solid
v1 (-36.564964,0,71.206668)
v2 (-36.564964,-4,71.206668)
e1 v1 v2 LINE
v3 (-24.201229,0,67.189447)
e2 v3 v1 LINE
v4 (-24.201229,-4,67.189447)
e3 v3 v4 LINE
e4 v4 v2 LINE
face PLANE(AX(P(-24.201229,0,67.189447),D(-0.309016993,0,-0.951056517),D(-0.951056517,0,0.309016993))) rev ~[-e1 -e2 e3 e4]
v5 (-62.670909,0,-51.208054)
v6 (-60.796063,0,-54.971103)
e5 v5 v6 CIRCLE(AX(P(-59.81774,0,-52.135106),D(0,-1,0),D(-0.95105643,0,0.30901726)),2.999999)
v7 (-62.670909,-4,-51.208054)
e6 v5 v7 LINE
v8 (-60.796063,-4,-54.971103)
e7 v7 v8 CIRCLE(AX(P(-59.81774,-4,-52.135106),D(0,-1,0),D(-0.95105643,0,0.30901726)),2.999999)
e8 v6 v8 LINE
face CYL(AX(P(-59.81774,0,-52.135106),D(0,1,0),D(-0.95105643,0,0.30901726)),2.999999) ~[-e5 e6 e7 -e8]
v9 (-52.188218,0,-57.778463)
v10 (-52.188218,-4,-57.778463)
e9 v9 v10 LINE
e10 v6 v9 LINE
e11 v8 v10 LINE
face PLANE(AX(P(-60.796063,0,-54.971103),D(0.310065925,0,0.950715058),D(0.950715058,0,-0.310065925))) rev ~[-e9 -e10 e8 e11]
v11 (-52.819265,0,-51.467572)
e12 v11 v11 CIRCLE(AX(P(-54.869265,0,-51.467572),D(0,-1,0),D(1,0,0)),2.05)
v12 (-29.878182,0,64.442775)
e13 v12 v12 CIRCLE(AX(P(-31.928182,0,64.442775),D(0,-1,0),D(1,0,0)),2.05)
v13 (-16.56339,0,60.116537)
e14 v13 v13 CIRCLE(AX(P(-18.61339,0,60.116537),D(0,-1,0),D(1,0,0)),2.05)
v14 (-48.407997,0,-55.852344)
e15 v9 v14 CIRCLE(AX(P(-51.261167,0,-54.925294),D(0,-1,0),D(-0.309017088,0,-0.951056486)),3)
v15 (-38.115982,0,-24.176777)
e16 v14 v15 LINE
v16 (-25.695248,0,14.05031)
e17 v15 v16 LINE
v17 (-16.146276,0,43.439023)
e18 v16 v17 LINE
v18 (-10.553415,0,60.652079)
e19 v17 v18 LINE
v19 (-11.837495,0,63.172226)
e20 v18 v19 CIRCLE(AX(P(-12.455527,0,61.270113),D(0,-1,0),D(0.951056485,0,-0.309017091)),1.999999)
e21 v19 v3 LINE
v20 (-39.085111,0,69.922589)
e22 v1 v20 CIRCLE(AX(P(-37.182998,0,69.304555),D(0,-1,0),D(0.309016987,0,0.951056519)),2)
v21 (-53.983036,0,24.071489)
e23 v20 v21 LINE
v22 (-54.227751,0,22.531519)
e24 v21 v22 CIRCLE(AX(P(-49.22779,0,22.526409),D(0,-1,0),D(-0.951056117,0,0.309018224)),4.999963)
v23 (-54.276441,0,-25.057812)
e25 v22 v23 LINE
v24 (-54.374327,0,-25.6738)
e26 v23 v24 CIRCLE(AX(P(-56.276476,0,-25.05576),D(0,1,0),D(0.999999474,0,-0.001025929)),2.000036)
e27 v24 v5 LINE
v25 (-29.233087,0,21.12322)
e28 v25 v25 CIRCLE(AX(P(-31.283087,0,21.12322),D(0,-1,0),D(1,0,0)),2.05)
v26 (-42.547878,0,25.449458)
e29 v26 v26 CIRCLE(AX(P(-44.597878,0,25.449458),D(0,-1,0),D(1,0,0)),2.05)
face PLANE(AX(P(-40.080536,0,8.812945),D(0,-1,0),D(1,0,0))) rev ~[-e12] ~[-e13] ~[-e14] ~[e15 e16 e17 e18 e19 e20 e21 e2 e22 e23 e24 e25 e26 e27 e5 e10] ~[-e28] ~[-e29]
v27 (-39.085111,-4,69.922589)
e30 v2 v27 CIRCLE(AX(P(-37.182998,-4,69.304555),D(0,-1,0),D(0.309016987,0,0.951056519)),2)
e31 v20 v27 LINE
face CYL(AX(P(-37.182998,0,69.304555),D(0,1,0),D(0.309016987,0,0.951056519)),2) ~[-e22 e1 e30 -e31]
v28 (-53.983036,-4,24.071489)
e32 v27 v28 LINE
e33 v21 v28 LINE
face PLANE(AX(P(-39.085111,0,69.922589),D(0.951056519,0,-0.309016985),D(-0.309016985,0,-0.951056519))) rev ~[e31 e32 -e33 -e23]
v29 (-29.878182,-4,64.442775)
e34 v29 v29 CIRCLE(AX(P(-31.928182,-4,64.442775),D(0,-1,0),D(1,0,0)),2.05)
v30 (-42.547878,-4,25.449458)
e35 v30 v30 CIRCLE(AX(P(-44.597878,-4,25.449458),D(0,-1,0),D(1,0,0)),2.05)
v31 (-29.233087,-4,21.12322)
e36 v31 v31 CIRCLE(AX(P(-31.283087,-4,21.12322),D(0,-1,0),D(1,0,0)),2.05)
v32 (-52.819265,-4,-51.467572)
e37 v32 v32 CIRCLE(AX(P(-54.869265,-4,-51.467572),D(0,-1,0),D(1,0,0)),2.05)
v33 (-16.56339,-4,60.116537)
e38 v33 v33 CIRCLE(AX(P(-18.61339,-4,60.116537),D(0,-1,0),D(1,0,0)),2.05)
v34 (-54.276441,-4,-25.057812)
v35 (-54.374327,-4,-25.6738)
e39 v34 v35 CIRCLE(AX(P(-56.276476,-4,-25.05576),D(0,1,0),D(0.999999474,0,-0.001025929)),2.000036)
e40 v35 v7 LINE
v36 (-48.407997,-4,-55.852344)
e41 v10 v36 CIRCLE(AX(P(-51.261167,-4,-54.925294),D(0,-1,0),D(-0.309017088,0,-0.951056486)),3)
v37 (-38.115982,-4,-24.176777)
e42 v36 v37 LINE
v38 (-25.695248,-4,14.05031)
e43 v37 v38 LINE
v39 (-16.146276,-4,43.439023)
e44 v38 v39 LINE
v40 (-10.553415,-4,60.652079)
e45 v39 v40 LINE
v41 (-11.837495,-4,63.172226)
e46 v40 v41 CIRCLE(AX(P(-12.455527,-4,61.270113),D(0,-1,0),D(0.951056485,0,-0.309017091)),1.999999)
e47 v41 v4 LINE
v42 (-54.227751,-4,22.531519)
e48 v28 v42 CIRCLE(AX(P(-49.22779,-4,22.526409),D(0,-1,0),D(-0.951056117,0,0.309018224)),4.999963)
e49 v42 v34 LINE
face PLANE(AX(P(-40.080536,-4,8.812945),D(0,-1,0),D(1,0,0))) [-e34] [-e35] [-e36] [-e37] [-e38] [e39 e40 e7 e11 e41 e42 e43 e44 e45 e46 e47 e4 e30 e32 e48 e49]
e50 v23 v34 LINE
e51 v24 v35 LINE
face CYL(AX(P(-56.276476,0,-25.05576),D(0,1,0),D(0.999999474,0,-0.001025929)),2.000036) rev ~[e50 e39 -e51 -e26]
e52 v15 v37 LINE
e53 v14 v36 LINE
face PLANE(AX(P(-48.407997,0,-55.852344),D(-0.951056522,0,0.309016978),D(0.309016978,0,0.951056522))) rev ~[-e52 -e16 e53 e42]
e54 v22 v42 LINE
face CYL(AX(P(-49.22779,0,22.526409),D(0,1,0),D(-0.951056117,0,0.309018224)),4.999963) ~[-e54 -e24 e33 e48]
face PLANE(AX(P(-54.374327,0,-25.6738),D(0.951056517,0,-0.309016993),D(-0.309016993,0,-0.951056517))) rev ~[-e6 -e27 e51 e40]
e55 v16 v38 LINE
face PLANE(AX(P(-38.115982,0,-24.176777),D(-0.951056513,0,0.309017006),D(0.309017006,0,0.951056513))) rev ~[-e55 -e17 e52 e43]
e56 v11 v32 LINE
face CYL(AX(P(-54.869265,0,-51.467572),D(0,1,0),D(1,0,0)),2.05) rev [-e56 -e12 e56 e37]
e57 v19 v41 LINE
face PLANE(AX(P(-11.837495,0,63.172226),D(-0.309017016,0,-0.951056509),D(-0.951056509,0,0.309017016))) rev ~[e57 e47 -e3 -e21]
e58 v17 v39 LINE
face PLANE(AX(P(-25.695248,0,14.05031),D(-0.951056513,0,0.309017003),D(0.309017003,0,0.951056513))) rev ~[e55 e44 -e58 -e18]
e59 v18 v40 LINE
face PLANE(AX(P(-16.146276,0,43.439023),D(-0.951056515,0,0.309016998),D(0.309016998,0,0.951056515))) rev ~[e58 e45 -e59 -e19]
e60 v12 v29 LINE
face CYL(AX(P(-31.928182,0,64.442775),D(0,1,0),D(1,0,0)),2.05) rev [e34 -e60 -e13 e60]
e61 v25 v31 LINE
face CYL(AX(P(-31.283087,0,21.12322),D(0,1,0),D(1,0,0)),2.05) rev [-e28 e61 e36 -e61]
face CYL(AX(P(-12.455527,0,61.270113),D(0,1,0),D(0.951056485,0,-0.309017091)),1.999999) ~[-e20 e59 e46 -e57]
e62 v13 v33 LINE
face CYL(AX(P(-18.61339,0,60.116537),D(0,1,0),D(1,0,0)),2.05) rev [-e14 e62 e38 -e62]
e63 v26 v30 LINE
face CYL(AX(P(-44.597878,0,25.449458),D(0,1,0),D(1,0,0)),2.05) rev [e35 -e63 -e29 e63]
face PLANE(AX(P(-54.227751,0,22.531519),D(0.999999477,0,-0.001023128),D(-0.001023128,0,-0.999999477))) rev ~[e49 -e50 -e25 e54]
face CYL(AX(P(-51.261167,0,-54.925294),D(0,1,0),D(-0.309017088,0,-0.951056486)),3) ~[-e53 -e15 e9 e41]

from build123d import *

# Parameters (mm, degrees)
F0_R     = 2.05
F1_DEPTH = 4


with BuildPart() as f1:
    # F0 (on Front) → F1 (new body)
    with BuildSketch(Plane.XZ):
        with BuildLine():
            Line((-48.407997, -55.852344), (-38.115982, -24.176777))
            Line((-38.115982, -24.176777), (-25.695248, 14.05031))
            Line((-25.695248, 14.05031), (-16.146276, 43.439023))
            Line((-16.146276, 43.439023), (-10.553415, 60.652079))
            ThreePointArc((-10.553415, 60.652079), (-10.673515, 62.178094), (-11.837495, 63.172226))
            Line((-11.837495, 63.172226), (-24.201229, 67.189447))
            Line((-24.201229, 67.189447), (-36.564964, 71.206668))
            ThreePointArc((-36.564964, 71.206668), (-38.090979, 71.086568), (-39.085111, 69.922589))
            Line((-39.085111, 69.922589), (-53.983036, 24.071489))
            ThreePointArc((-53.983036, 24.071489), (-54.165795, 23.311102), (-54.227751, 22.531519))
            Line((-54.227751, 22.531519), (-54.276441, -25.057812))
            ThreePointArc((-54.276441, -25.057812), (-54.301224, -25.369645), (-54.374327, -25.6738))
            Line((-54.374327, -25.6738), (-62.670909, -51.208054))
            ThreePointArc((-62.670909, -51.208054), (-62.502925, -53.472932), (-60.796063, -54.971103))
            Line((-60.796063, -54.971103), (-52.188218, -57.778463))
            ThreePointArc((-52.188218, -57.778463), (-49.899195, -57.598313), (-48.407997, -55.852344))
        make_face()
        with Locations((-54.869265, -51.467572)):
            Circle(F0_R, mode=Mode.SUBTRACT)
        with Locations((-44.597878, 25.449458)):
            Circle(F0_R, mode=Mode.SUBTRACT)
        with Locations((-31.283087, 21.12322)):
            Circle(F0_R, mode=Mode.SUBTRACT)
        with Locations((-31.928182, 64.442775)):
            Circle(F0_R, mode=Mode.SUBTRACT)
        with Locations((-18.61339, 60.116537)):
            Circle(F0_R, mode=Mode.SUBTRACT)
    extrude(amount=F1_DEPTH)


solid = f1.part
